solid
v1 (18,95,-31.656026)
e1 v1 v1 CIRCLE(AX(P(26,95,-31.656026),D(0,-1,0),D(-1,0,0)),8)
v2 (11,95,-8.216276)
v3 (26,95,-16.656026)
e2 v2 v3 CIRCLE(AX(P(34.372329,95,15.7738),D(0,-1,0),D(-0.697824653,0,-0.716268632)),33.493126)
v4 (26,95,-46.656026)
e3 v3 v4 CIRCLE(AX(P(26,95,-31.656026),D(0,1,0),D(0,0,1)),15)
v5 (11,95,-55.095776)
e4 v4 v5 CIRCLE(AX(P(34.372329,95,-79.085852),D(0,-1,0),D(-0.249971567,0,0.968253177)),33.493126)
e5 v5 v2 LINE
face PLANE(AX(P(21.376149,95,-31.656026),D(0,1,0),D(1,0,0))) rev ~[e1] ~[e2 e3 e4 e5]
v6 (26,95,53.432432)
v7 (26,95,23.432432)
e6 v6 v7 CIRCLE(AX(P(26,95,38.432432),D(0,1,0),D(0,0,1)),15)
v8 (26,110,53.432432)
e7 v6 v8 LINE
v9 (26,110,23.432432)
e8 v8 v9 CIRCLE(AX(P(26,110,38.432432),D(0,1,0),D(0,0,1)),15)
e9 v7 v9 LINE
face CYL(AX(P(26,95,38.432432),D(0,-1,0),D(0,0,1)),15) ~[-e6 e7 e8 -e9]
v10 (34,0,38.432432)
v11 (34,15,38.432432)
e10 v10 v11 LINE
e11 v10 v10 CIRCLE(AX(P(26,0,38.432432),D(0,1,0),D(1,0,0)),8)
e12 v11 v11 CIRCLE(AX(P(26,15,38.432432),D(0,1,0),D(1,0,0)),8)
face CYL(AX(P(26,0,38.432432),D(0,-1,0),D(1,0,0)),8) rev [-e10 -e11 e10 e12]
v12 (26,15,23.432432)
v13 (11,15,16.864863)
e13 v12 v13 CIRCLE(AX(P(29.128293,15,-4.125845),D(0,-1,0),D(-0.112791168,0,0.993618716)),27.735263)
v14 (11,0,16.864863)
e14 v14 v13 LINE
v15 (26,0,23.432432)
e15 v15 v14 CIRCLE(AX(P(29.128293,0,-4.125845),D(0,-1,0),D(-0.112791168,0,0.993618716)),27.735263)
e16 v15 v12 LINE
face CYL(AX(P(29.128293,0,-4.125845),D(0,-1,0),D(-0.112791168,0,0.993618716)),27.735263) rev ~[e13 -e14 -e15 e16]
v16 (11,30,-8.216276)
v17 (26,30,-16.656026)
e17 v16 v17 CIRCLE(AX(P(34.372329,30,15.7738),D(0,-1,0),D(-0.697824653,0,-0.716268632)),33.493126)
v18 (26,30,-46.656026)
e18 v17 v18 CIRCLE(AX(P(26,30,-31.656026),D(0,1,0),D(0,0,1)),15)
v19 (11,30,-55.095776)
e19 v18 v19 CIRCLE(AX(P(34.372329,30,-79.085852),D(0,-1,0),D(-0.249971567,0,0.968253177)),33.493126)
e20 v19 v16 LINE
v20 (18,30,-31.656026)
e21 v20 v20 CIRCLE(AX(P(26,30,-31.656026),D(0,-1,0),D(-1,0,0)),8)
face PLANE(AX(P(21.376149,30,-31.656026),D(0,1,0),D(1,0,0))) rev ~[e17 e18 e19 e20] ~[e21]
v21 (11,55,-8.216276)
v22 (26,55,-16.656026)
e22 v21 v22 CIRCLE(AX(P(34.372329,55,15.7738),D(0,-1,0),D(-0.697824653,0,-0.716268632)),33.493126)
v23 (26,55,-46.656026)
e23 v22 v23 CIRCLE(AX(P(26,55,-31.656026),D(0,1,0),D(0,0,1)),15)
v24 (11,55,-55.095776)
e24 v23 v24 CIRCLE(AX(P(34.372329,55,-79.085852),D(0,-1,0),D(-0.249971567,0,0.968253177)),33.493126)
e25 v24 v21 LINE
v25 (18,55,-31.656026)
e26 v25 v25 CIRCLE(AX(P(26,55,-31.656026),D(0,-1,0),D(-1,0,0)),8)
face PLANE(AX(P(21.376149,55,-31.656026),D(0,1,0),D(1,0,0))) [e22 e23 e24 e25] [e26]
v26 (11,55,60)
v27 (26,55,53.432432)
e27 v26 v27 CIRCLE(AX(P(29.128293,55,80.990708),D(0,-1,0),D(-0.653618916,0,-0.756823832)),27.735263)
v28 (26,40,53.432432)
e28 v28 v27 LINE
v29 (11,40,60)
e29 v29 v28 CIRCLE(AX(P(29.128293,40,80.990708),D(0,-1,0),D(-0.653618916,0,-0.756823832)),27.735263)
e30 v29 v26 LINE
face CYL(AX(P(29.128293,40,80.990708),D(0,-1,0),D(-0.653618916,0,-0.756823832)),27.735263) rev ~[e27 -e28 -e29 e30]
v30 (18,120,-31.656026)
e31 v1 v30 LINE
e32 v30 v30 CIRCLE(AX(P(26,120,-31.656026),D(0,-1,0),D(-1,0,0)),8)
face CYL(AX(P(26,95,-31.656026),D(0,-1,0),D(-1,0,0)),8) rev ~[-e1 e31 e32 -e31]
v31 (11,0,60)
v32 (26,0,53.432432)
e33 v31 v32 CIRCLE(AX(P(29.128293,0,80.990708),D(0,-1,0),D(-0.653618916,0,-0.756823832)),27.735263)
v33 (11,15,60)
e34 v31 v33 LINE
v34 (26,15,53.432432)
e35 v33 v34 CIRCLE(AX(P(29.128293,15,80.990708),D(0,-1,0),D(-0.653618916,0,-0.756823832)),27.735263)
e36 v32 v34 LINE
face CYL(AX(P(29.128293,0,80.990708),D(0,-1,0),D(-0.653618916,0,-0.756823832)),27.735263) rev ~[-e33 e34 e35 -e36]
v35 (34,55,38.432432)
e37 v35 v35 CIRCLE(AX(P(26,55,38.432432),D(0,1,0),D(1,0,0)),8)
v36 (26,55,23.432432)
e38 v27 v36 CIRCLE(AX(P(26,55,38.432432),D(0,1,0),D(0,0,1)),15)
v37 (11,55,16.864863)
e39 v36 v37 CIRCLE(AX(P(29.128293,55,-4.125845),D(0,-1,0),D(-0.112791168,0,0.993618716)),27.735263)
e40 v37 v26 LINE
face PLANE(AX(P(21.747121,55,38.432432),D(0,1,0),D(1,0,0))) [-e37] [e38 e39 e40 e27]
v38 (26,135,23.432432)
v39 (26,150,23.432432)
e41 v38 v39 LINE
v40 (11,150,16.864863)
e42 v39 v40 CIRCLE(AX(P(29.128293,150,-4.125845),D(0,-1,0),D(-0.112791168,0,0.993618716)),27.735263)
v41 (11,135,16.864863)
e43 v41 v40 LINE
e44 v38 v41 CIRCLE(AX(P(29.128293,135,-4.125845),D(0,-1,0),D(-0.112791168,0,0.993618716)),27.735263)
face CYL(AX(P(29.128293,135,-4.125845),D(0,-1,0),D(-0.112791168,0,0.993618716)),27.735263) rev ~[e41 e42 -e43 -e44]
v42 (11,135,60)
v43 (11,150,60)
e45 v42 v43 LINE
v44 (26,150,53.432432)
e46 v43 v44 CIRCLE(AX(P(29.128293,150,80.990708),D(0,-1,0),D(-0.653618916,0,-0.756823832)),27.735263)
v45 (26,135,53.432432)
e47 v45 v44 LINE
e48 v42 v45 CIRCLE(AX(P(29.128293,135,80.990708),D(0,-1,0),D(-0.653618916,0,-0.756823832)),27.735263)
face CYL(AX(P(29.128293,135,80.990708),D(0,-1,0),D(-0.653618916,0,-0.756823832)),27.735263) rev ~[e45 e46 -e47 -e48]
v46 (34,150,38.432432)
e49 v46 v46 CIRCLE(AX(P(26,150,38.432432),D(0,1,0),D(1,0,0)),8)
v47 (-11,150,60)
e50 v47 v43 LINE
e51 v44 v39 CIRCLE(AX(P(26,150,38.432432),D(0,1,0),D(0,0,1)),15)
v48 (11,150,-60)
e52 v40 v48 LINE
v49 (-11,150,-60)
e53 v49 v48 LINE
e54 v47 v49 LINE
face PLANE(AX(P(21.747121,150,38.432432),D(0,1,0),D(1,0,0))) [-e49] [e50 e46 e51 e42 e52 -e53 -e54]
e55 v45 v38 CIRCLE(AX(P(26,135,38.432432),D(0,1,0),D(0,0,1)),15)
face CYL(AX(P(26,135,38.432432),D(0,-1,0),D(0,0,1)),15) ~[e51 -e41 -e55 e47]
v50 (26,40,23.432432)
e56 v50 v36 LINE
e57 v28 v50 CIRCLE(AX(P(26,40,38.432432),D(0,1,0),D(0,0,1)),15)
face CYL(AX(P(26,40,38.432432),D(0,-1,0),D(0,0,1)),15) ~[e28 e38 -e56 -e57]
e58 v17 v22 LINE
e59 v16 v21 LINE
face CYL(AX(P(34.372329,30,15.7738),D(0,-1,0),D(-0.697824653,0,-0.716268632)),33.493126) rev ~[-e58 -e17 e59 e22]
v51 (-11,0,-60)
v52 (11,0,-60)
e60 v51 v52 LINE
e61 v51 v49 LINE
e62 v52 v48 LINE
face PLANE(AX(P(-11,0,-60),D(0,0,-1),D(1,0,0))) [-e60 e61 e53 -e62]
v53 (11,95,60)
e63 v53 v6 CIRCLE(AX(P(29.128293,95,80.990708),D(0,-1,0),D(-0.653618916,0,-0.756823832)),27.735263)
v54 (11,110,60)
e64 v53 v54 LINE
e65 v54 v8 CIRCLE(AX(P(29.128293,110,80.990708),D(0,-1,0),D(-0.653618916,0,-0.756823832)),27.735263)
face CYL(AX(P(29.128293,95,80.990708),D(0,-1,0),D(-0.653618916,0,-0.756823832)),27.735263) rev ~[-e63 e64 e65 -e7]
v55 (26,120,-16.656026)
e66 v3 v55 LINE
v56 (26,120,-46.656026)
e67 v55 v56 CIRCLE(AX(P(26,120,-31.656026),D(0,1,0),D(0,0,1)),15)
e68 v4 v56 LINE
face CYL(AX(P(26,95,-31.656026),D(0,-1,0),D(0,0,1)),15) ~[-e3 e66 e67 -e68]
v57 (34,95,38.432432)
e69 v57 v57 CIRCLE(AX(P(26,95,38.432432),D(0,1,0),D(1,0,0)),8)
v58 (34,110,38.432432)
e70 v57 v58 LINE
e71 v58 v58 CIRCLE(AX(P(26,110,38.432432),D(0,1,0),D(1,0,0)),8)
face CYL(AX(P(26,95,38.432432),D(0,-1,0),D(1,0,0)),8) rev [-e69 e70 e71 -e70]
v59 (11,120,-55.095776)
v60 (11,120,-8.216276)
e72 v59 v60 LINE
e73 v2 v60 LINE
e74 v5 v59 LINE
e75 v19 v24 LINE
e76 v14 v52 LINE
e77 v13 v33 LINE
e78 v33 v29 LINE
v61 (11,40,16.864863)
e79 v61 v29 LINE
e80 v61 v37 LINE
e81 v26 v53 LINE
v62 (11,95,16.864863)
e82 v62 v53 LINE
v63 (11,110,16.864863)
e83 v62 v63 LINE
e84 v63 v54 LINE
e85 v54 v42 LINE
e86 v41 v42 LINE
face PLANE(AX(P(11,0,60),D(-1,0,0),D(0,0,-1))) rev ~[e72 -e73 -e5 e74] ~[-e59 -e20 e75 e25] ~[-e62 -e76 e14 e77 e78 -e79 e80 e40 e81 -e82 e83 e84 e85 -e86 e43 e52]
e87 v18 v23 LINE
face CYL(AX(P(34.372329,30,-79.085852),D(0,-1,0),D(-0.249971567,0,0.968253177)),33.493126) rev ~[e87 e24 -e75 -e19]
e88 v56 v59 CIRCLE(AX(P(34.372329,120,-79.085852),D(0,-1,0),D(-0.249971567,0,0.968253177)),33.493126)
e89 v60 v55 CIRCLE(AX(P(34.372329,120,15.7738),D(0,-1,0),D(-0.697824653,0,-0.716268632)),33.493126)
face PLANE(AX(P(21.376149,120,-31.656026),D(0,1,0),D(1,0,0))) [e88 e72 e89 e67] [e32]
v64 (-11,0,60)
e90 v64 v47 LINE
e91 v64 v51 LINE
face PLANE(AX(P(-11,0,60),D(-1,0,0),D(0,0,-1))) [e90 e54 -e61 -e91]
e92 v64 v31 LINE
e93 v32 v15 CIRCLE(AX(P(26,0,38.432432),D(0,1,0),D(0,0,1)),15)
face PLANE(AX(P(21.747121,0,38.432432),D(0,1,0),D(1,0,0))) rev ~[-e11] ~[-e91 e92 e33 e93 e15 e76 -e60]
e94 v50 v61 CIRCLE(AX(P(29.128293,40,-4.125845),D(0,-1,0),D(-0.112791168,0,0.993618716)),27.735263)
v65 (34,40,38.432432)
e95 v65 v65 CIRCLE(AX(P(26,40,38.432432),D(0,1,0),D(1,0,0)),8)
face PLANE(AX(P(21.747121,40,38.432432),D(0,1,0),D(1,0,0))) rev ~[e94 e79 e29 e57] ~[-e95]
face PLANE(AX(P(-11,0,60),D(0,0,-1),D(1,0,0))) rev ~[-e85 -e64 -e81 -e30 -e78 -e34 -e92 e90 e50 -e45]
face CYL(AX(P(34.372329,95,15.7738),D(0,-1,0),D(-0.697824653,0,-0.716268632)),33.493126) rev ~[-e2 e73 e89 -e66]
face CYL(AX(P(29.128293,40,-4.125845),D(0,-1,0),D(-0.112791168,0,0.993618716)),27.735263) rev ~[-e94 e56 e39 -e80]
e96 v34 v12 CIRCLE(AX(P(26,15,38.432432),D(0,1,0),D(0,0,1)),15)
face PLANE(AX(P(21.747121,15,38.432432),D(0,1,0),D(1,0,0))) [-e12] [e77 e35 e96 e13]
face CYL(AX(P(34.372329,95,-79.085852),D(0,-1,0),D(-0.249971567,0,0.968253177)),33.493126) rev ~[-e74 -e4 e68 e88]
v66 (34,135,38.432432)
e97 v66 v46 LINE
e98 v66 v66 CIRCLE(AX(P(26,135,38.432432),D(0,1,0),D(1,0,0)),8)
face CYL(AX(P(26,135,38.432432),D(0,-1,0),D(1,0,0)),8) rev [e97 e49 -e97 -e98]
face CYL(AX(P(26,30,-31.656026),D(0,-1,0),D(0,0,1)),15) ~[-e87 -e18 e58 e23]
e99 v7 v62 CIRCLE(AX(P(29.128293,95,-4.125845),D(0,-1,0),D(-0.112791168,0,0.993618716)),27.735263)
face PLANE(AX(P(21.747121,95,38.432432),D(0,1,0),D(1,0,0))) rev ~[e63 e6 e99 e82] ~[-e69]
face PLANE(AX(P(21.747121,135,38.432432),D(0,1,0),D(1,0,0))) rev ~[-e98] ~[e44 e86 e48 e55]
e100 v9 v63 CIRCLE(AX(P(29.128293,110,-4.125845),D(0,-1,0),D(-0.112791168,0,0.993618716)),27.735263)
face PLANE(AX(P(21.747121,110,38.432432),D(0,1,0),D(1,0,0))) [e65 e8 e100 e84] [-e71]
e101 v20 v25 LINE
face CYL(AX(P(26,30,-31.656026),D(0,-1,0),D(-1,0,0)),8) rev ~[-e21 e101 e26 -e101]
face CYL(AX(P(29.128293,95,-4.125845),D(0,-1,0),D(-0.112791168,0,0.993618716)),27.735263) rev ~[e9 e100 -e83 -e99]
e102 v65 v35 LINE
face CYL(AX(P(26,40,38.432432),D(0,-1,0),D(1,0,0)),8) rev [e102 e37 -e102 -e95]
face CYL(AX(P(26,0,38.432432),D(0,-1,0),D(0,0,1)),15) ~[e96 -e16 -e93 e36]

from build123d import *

# Parameters (mm, degrees)
SZKIC2_W                    = 22
SZKIC2_H                    = 120
DODANIE_WYCI_GNI_CIE1_DEPTH = 150
SZKIC3_R                    = 8
DODANIE_WYCI_GNI_CIE2_DEPTH = 15
SZYK_LINIOWY1_COUNT         = 2
SZYK_LINIOWY1_PITCH         = 40
SZYK_LINIOWY2_COUNT         = 2
SZYK_LINIOWY2_PITCH         = 135
SZYK_LINIOWY3_COUNT         = 2
SZYK_LINIOWY3_PITCH         = 95
SZKIC4_R                    = 8
DODANIE_WYCI_GNI_CIE3_DEPTH = 25
SZYK_LINIOWY4_COUNT         = 2
SZYK_LINIOWY4_PITCH         = 65


with BuildPart() as part:
    # Szkic2 → Dodanie-wyciągnięcie1 (new body)
    with BuildSketch(Plane(origin=(0, 0, 0), x_dir=(1, 0, 0), z_dir=(0, 1, 0))):
        Rectangle(SZKIC2_W, SZKIC2_H)
    extrude(amount=DODANIE_WYCI_GNI_CIE1_DEPTH)

    # Szkic3 → Dodanie-wyciągnięcie2 (add)
    with BuildSketch(Plane(origin=(0, 0, 0), x_dir=(1, 0, 0), z_dir=(0, 1, 0))):
        with BuildLine():
            Line((11, -16.864863098), (11, -60))
            ThreePointArc((11, -60), (18.004271641, -55.583996835), (26, -53.432431549))
            ThreePointArc((26, -53.432431549), (41, -38.432431549), (26, -23.432431549))
            ThreePointArc((26, -23.432431549), (18.004271641, -21.280866263), (11, -16.864863098))
        make_face()
        with Locations((26, -38.432431549)):
            Circle(SZKIC3_R, mode=Mode.SUBTRACT)
    dodanie_wyci_gni_cie2 = extrude(amount=DODANIE_WYCI_GNI_CIE2_DEPTH)

    # Szyk liniowy1: Dodanie-wyciągnięcie2 ×2
    with Locations(*[(0, i * SZYK_LINIOWY1_PITCH, 0) for i in range(1, SZYK_LINIOWY1_COUNT)]):
        add(dodanie_wyci_gni_cie2)

    # Szyk liniowy2: Dodanie-wyciągnięcie2 ×2
    with Locations(*[(0, i * SZYK_LINIOWY2_PITCH, 0) for i in range(1, SZYK_LINIOWY2_COUNT)]):
        add(dodanie_wyci_gni_cie2)

    # Szyk liniowy3: Dodanie-wyciągnięcie2 ×2
    with Locations(*[(0, i * SZYK_LINIOWY3_PITCH, 0) for i in range(1, SZYK_LINIOWY3_COUNT)]):
        add(dodanie_wyci_gni_cie2)

    # Szkic4 → Dodanie-wyciągnięcie3 (add)
    with BuildSketch(Plane(origin=(0, 30, 0), x_dir=(-1, 0, 0), z_dir=(0, -1, 0))):
        with BuildLine():
            Line((-11, 55.095776214), (-11, 8.216275777))
            ThreePointArc((-11, 8.216275777), (-17.948621334, 13.416118275), (-26, 16.656025995))
            ThreePointArc((-26, 16.656025995), (-41, 31.656025995), (-26, 46.656025995))
            ThreePointArc((-26, 46.656025995), (-17.948621334, 49.895933715), (-11, 55.095776214))
        make_face()
        with Locations((-26, 31.656025995)):
            Circle(SZKIC4_R, mode=Mode.SUBTRACT)
    dodanie_wyci_gni_cie3 = extrude(amount=-DODANIE_WYCI_GNI_CIE3_DEPTH)

    # Szyk liniowy4: Dodanie-wyciągnięcie3 ×2
    with Locations(*[(0, i * SZYK_LINIOWY4_PITCH, 0) for i in range(1, SZYK_LINIOWY4_COUNT)]):
        add(dodanie_wyci_gni_cie3)


solid = part.part
